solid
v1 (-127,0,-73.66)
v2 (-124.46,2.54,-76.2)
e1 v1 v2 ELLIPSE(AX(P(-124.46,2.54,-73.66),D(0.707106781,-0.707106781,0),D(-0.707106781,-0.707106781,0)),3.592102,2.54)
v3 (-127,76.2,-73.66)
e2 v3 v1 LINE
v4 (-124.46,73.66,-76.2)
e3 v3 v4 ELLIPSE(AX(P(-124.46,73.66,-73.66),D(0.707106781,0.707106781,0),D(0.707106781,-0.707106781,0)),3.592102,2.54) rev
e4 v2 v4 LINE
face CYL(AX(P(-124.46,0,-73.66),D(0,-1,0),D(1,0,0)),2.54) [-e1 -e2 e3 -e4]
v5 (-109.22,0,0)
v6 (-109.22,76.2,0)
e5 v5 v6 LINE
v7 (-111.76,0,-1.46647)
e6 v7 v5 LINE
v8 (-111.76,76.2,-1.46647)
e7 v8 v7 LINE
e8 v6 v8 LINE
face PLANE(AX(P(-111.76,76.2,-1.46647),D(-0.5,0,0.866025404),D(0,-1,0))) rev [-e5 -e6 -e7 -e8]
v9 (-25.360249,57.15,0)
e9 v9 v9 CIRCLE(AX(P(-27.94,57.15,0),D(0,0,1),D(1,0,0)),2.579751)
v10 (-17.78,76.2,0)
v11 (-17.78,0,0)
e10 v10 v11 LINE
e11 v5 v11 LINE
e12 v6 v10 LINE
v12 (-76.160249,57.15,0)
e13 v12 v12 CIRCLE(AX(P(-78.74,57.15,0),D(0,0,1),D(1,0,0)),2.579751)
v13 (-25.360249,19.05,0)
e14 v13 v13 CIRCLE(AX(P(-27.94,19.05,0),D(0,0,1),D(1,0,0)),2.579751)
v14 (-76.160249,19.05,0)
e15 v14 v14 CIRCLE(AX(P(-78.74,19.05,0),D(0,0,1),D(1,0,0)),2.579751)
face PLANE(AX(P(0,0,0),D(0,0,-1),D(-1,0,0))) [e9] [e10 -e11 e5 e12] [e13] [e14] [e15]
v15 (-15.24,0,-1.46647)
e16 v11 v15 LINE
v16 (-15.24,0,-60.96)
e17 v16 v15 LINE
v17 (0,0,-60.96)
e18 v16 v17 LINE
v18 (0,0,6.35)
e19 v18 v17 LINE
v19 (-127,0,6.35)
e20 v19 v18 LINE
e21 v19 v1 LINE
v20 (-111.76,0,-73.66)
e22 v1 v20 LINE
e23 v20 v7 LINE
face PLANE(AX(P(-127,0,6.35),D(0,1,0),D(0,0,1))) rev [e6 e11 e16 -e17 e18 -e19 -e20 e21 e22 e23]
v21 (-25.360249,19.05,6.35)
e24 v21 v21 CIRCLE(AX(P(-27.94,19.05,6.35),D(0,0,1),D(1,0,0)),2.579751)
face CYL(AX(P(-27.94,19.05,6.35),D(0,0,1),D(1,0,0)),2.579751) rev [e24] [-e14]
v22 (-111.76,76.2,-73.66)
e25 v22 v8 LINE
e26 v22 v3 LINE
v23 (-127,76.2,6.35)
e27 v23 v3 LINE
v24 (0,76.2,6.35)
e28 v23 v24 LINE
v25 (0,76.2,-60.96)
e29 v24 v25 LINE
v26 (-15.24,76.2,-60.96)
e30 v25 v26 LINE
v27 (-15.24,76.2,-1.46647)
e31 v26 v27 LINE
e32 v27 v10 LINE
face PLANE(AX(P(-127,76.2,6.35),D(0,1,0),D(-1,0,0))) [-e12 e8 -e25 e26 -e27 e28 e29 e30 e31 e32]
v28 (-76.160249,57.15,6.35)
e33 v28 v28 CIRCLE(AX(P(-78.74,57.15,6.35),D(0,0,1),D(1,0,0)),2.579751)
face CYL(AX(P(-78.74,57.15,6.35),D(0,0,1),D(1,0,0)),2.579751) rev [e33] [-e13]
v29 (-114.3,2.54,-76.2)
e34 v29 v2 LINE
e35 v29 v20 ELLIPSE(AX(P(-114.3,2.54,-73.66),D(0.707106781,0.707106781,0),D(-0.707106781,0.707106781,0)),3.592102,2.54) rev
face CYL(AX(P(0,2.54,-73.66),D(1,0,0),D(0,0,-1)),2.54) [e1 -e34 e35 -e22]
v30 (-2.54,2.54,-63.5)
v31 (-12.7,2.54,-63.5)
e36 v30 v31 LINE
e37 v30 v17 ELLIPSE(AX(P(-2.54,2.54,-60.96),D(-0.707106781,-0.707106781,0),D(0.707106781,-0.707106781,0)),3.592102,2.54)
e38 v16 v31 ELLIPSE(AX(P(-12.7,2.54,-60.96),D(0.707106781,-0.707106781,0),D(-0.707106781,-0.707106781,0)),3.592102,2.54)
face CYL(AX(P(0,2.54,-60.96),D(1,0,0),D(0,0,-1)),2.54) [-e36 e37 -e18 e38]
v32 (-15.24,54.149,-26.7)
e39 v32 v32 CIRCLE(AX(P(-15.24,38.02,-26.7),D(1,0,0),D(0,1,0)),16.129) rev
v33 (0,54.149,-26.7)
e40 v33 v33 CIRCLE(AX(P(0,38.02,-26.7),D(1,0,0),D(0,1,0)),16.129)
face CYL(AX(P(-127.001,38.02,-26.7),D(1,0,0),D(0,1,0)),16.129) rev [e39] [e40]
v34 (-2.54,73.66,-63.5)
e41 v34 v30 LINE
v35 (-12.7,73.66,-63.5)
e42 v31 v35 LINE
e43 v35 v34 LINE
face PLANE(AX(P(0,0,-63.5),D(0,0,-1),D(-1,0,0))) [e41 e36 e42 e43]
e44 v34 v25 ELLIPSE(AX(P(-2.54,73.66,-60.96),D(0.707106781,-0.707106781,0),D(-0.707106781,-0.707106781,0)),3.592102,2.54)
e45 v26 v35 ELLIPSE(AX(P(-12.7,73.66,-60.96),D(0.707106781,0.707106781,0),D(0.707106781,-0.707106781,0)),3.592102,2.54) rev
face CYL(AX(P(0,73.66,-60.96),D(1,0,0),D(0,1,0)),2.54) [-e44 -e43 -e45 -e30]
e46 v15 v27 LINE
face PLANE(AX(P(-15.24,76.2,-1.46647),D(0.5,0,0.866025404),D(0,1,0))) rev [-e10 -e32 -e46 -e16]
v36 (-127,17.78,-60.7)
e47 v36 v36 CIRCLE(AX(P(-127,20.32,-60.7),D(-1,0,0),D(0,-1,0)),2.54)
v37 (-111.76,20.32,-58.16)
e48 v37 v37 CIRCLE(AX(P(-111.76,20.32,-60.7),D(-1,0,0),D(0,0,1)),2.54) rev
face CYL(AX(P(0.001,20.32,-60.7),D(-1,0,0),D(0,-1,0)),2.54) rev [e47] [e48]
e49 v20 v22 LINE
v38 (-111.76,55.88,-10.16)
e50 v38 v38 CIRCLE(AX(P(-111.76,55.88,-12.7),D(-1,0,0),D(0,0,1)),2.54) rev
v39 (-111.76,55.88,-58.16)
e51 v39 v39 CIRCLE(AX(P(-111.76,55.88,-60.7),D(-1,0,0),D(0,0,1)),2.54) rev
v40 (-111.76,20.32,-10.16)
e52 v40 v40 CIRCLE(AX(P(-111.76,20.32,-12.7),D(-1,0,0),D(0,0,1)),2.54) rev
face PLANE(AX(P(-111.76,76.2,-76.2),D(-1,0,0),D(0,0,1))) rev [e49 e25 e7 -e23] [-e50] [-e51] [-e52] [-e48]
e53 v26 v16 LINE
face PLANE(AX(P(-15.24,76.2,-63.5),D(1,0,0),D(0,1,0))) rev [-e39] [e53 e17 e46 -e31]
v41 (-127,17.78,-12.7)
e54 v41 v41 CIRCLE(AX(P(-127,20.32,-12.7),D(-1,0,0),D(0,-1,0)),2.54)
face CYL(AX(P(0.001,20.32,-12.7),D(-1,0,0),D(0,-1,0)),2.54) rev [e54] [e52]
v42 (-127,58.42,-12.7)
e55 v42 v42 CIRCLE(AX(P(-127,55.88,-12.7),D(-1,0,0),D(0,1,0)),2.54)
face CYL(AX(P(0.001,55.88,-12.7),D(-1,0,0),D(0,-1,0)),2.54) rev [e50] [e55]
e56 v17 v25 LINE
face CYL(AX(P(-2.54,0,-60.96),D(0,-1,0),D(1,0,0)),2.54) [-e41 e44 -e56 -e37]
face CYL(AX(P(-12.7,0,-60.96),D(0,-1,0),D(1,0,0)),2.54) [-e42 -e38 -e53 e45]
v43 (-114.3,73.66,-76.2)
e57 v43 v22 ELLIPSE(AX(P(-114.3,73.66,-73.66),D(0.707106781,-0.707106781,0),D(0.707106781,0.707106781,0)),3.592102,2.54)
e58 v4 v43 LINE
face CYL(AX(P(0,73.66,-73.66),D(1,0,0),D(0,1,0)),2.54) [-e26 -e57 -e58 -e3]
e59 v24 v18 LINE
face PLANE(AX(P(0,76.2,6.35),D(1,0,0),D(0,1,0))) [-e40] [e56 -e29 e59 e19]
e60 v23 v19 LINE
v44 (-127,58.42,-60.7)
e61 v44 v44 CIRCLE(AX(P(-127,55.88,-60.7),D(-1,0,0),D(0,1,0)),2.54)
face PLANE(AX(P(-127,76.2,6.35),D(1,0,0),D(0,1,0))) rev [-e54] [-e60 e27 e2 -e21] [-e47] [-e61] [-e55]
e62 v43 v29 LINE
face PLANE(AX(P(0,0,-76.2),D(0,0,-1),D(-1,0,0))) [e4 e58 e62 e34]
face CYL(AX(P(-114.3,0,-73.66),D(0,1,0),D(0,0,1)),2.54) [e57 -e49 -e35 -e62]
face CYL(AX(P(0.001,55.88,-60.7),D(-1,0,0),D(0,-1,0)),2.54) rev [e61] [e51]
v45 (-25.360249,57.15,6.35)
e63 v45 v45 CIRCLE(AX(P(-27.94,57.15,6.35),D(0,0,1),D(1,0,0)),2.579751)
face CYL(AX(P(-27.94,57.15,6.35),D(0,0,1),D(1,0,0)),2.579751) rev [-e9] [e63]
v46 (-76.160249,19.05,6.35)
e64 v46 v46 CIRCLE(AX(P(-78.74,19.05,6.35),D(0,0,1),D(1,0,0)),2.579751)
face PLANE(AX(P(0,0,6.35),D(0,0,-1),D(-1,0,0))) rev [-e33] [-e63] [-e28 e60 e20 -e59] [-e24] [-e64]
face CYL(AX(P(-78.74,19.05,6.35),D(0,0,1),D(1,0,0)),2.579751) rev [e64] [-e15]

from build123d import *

# Parameters (mm, degrees)
SKETCH2_W                        = 127
SKETCH2_H                        = 76.2
BOSS_EXTRUDE1_DEPTH              = 6.35
F_13_64_0_20313_DIAMETER_HOLE1_D = 5.159502
SKETCH5_W                        = 15.24
SKETCH5_H                        = 76.2
BOSS_EXTRUDE2_DEPTH              = 63.5
CHAMFER1_SIZE                    = 2.54
CHAMFER1_SIZE2                   = 1.466469684
FILLET3_R                        = 2.54
SKETCH9_W                        = 15.24
SKETCH9_H                        = 76.2
BOSS_EXTRUDE3_DEPTH              = 76.2
CHAMFER5_SIZE                    = 2.54
CHAMFER5_SIZE2                   = 1.466469684
FILLET5_R                        = 2.54
CUT_EXTRUDE1_REACH               = 129
SKETCH17_R                       = 2.54
CUT_EXTRUDE2_REACH               = 129
SKETCH18_R                       = 16.129


with BuildPart() as part:
    # Sketch2 → Boss-Extrude1 (new body)
    with BuildSketch(Plane.XY):
        with Locations((-63.5, 38.1)):
            Rectangle(SKETCH2_W, SKETCH2_H)
    extrude(amount=BOSS_EXTRUDE1_DEPTH)

    # 13/64 (0.20313) Diameter Hole1 (through all)
    with Locations(Plane.XY.offset(6.35)):
        with Locations((-78.74, 57.15), (-78.74, 19.05), (-27.94, 57.15), (-27.94, 19.05)):
            Hole(F_13_64_0_20313_DIAMETER_HOLE1_D / 2)

    # Sketch5 → Boss-Extrude2 (add)
    with BuildSketch(Plane(origin=(0, 0, 0), x_dir=(-1, 0, 0), z_dir=(0, 0, -1))):
        with Locations((7.62, 38.1)):
            Rectangle(SKETCH5_W, SKETCH5_H)
    extrude(amount=BOSS_EXTRUDE2_DEPTH)

    # Chamfer1
    chamfer1_edges = [part.edges().sort_by_distance(p)[0] for p in [
        (-15.24, 38.1, 0),
    ]]
    chamfer1_side = [part.faces().sort_by_distance(p)[0] for p in [
        (-71.296336335, 38.1, 0),
    ]]
    chamfer(chamfer1_edges, length=CHAMFER1_SIZE, length2=CHAMFER1_SIZE2, reference=chamfer1_side[0])

    # Fillet3
    fillet3_edges = [part.edges().sort_by_distance(p)[0] for p in [
        (-15.24, 38.1, -63.5),
        (-7.62, 76.2, -63.5),
        (0, 38.1, -63.5),
        (-7.62, 0, -63.5),
    ]]
    fillet(fillet3_edges, radius=FILLET3_R)

    # Sketch9 → Boss-Extrude3 (add)
    with BuildSketch(Plane(origin=(0, 0, 0), x_dir=(-1, 0, 0), z_dir=(0, 0, -1))):
        with Locations((119.38, 38.1)):
            Rectangle(SKETCH9_W, SKETCH9_H)
    extrude(amount=BOSS_EXTRUDE3_DEPTH)

    # Chamfer5
    chamfer5_edges = [part.edges().sort_by_distance(p)[0] for p in [
        (-111.76, 38.1, 0),
    ]]
    chamfer5_side = [part.faces().sort_by_distance(p)[0] for p in [
        (-64.905058797, 38.1, 0),
    ]]
    chamfer(chamfer5_edges, length=CHAMFER5_SIZE, length2=CHAMFER5_SIZE2, reference=chamfer5_side[0])

    # Fillet5
    fillet5_edges = [part.edges().sort_by_distance(p)[0] for p in [
        (-127, 38.1, -76.2),
        (-119.38, 76.2, -76.2),
        (-111.76, 38.1, -76.2),
        (-119.38, 0, -76.2),
    ]]
    fillet(fillet5_edges, radius=FILLET5_R)

    # Sketch17 → Cut-Extrude1 (cut, up to next)
    with BuildSketch(Plane.ZY.offset(127), mode=Mode.PRIVATE) as cut_extrude1_sk1:
        with Locations((-12.7, 20.32)):
            Circle(SKETCH17_R)
    cut_extrude1_tool1 = extrude(cut_extrude1_sk1.sketch, amount=-CUT_EXTRUDE1_REACH, mode=Mode.PRIVATE) & part.part
    add(cut_extrude1_tool1.solids().sort_by_distance((-127, 20.32, -12.7))[0], mode=Mode.SUBTRACT)
    # Sketch17 → Cut-Extrude1 (cut, up to next)
    with BuildSketch(Plane.ZY.offset(127), mode=Mode.PRIVATE) as cut_extrude1_sk2:
        with Locations((-12.7, 55.88)):
            Circle(SKETCH17_R)
    cut_extrude1_tool2 = extrude(cut_extrude1_sk2.sketch, amount=-CUT_EXTRUDE1_REACH, mode=Mode.PRIVATE) & part.part
    add(cut_extrude1_tool2.solids().sort_by_distance((-127, 55.88, -12.7))[0], mode=Mode.SUBTRACT)
    # Sketch17 → Cut-Extrude1 (cut, up to next)
    with BuildSketch(Plane.ZY.offset(127), mode=Mode.PRIVATE) as cut_extrude1_sk3:
        with Locations((-60.7, 20.32)):
            Circle(SKETCH17_R)
    cut_extrude1_tool3 = extrude(cut_extrude1_sk3.sketch, amount=-CUT_EXTRUDE1_REACH, mode=Mode.PRIVATE) & part.part
    add(cut_extrude1_tool3.solids().sort_by_distance((-127, 20.32, -60.7))[0], mode=Mode.SUBTRACT)
    # Sketch17 → Cut-Extrude1 (cut, up to next)
    with BuildSketch(Plane.ZY.offset(127), mode=Mode.PRIVATE) as cut_extrude1_sk4:
        with Locations((-60.7, 55.88)):
            Circle(SKETCH17_R)
    cut_extrude1_tool4 = extrude(cut_extrude1_sk4.sketch, amount=-CUT_EXTRUDE1_REACH, mode=Mode.PRIVATE) & part.part
    add(cut_extrude1_tool4.solids().sort_by_distance((-127, 55.88, -60.7))[0], mode=Mode.SUBTRACT)

    # Sketch18 → Cut-Extrude2 (cut, up to next)
    with BuildSketch(Plane(origin=(0, 0, 0), x_dir=(0, 0, -1), z_dir=(1, 0, 0)), mode=Mode.PRIVATE) as cut_extrude2_sk1:
        with Locations((26.7, 38.02)):
            Circle(SKETCH18_R)
    cut_extrude2_tool1 = extrude(cut_extrude2_sk1.sketch, amount=-CUT_EXTRUDE2_REACH, mode=Mode.PRIVATE) & part.part
    add(cut_extrude2_tool1.solids().sort_by_distance((0, 38.02, -26.7))[0], mode=Mode.SUBTRACT)


solid = part.part
